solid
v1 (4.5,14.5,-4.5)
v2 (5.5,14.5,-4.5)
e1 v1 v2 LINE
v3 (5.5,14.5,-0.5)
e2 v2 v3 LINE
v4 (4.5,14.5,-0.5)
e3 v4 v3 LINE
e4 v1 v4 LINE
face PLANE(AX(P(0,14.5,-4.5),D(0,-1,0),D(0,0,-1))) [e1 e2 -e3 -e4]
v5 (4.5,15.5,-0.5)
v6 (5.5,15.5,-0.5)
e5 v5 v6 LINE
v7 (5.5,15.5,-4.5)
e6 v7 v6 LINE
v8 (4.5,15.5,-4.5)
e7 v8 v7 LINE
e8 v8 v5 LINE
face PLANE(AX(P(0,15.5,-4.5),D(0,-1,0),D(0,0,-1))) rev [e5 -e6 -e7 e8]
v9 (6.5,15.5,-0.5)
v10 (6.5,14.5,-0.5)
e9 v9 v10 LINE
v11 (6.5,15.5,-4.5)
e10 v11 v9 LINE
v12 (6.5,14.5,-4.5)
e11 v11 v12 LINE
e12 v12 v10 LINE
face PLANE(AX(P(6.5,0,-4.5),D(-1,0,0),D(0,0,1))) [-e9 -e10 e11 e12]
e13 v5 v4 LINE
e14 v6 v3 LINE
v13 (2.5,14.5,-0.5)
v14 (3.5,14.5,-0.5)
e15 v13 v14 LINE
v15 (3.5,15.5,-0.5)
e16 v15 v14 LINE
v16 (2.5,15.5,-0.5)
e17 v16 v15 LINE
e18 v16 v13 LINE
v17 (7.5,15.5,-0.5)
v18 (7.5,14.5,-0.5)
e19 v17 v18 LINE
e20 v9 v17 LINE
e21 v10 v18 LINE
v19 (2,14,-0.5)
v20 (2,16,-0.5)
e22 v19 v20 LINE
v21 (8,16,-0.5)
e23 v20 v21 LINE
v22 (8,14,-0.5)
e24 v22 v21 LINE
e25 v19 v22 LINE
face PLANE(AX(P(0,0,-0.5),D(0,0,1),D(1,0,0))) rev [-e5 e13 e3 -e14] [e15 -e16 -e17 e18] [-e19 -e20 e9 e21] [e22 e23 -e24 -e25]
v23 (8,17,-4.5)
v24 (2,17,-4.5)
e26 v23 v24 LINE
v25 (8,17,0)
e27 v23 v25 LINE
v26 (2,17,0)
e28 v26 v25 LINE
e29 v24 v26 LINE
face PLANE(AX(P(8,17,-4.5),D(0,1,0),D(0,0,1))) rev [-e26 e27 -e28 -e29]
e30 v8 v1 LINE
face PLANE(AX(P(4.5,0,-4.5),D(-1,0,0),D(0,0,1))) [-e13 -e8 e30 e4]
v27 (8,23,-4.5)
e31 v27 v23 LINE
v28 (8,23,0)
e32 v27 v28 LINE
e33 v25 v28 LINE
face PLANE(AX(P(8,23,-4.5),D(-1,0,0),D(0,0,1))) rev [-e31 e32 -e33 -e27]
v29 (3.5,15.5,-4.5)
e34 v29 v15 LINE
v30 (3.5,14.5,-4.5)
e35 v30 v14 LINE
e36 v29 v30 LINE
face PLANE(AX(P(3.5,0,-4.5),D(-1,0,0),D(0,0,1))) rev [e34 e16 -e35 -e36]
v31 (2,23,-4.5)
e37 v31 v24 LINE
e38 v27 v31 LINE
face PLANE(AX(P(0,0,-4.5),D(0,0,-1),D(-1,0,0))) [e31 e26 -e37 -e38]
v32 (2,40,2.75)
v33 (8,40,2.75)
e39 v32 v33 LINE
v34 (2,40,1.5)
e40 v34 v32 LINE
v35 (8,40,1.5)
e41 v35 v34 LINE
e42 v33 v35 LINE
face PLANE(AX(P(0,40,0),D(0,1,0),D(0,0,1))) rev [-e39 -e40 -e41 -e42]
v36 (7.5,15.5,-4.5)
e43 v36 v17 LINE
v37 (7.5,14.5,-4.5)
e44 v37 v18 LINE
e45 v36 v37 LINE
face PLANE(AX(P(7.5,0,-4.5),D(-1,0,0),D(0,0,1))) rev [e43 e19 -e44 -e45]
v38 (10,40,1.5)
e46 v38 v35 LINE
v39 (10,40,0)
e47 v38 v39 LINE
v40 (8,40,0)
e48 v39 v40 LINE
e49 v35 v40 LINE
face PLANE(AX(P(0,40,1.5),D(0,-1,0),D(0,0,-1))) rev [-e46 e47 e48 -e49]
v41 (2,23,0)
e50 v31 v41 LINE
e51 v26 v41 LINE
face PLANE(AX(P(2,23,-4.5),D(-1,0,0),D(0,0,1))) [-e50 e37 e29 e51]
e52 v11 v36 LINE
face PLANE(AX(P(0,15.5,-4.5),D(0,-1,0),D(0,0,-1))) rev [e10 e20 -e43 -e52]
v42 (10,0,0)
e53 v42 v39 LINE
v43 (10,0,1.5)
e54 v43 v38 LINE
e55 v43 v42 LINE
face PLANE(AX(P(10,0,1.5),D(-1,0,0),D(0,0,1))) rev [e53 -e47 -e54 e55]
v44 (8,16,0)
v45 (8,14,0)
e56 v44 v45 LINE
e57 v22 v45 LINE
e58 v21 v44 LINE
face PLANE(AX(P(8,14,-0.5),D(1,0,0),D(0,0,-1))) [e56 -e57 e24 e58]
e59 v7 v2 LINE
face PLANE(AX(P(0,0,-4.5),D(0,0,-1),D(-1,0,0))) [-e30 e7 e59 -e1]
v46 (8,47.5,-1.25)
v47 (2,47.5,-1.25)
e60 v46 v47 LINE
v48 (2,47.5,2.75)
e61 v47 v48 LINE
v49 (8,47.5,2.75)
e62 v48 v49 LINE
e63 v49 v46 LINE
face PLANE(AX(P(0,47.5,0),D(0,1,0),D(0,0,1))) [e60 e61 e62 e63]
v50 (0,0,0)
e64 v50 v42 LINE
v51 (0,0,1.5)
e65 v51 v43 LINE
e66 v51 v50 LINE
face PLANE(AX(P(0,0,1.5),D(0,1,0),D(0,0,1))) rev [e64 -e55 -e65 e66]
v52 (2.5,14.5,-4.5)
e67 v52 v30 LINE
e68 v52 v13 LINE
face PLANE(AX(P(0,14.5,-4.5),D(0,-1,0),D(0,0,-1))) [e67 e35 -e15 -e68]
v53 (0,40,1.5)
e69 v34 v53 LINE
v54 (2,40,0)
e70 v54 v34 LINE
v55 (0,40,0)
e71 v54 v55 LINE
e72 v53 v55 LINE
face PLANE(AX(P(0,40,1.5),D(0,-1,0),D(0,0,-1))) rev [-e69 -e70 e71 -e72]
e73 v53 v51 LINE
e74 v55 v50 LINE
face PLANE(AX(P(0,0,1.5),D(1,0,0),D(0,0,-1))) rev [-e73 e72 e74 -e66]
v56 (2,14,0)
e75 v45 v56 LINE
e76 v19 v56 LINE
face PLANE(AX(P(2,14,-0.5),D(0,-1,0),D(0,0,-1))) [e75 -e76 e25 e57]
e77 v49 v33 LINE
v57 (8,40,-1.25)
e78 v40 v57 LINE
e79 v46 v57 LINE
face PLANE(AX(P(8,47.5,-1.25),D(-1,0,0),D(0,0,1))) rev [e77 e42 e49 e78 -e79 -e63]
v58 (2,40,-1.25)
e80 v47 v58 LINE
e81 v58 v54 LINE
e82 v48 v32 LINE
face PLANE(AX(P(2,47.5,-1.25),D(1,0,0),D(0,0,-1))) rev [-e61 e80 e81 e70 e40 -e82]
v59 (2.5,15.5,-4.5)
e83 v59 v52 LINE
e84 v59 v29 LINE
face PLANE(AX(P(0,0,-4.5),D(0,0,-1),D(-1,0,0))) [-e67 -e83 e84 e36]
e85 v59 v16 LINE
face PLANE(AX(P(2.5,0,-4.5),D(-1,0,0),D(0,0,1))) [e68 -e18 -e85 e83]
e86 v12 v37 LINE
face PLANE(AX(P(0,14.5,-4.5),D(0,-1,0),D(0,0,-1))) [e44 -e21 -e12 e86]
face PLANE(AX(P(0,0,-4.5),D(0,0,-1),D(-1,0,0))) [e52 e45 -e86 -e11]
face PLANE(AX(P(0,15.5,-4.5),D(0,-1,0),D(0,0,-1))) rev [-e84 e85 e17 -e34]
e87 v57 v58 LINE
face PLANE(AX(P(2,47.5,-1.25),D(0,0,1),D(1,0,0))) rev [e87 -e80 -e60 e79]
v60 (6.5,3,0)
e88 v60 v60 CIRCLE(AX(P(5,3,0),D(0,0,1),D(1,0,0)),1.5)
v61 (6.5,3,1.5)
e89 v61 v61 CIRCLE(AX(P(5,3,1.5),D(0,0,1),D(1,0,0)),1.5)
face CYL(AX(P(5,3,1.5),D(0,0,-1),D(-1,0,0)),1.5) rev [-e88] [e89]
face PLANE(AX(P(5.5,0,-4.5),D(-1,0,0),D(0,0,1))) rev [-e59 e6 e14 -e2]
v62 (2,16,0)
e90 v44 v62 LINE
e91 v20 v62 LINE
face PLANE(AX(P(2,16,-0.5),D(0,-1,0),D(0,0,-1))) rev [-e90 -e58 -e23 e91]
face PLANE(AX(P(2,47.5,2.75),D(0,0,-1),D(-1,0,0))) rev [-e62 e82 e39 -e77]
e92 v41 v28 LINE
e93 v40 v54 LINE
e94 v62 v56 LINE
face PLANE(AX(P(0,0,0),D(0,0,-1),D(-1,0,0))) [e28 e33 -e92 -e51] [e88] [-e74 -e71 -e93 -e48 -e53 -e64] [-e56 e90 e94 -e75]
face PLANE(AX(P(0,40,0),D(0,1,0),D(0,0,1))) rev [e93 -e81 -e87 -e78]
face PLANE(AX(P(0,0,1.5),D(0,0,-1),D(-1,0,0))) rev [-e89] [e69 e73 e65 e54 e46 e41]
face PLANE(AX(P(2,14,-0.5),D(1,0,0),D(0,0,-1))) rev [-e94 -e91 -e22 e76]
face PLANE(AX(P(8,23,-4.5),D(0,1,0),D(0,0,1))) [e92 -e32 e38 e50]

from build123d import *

# Parameters (mm, degrees)
SKETCH_2_W      = 10
SKETCH_2_H      = 40
SKETCH_2_R      = 1.5
EXTRUDE_1_DEPTH = 1.5
SKETCH_3_3_W    = 6
SKETCH_3_3_H    = 6
EXTRUDE_3_DEPTH = 6
SKETCH_3_4_W    = 6
SKETCH_3_4_H    = 2
EXTRUDE_4_DEPTH = 2
SKETCH_4_W      = 1
SKETCH_4_H      = 1
EXTRUDE_5_DEPTH = 4
SKETCH_6_W      = 6
SKETCH_6_H      = 4
EXTRUDE_6_DEPTH = 7.5


with BuildPart() as part:
    # 草圖2 → 填料-伸長1 (new body)
    with BuildSketch(Plane.XY):
        with Locations((5, 20)):
            Rectangle(SKETCH_2_W, SKETCH_2_H)
        with Locations((5, 3)):
            Circle(SKETCH_2_R, mode=Mode.SUBTRACT)
    extrude(amount=EXTRUDE_1_DEPTH)

    # 草圖3<3> → 填料-伸長3 (add)
    with BuildSketch(Plane.XY.offset(1.5)):
        with Locations((5, 20)):
            Rectangle(SKETCH_3_3_W, SKETCH_3_3_H)
    extrude(amount=-EXTRUDE_3_DEPTH)

    # 草圖3<4> → 填料-伸長4 (add)
    with BuildSketch(Plane.XY.offset(1.5)):
        with Locations((5, 15)):
            Rectangle(SKETCH_3_4_W, SKETCH_3_4_H)
    extrude(amount=-EXTRUDE_4_DEPTH)

    # 草圖4 → 填料-伸長5 (add)
    with BuildSketch(Plane(origin=(0, 0, -0.5), x_dir=(-1, 0, 0), z_dir=(0, 0, -1))):
        with Locations((-5, 15)):
            Rectangle(SKETCH_4_W, SKETCH_4_H)
        with Locations((-7, 15)):
            Rectangle(SKETCH_4_W, SKETCH_4_H)
        with Locations((-3, 15)):
            Rectangle(SKETCH_4_W, SKETCH_4_H)
    extrude(amount=EXTRUDE_5_DEPTH)

    # 草圖6 → 填料-伸長6 (add)
    with BuildSketch(Plane(origin=(0, 40, 0), x_dir=(1, 0, 0), z_dir=(0, 1, 0))):
        with Locations((5, -0.75)):
            Rectangle(SKETCH_6_W, SKETCH_6_H)
    extrude(amount=EXTRUDE_6_DEPTH)


solid = part.part
